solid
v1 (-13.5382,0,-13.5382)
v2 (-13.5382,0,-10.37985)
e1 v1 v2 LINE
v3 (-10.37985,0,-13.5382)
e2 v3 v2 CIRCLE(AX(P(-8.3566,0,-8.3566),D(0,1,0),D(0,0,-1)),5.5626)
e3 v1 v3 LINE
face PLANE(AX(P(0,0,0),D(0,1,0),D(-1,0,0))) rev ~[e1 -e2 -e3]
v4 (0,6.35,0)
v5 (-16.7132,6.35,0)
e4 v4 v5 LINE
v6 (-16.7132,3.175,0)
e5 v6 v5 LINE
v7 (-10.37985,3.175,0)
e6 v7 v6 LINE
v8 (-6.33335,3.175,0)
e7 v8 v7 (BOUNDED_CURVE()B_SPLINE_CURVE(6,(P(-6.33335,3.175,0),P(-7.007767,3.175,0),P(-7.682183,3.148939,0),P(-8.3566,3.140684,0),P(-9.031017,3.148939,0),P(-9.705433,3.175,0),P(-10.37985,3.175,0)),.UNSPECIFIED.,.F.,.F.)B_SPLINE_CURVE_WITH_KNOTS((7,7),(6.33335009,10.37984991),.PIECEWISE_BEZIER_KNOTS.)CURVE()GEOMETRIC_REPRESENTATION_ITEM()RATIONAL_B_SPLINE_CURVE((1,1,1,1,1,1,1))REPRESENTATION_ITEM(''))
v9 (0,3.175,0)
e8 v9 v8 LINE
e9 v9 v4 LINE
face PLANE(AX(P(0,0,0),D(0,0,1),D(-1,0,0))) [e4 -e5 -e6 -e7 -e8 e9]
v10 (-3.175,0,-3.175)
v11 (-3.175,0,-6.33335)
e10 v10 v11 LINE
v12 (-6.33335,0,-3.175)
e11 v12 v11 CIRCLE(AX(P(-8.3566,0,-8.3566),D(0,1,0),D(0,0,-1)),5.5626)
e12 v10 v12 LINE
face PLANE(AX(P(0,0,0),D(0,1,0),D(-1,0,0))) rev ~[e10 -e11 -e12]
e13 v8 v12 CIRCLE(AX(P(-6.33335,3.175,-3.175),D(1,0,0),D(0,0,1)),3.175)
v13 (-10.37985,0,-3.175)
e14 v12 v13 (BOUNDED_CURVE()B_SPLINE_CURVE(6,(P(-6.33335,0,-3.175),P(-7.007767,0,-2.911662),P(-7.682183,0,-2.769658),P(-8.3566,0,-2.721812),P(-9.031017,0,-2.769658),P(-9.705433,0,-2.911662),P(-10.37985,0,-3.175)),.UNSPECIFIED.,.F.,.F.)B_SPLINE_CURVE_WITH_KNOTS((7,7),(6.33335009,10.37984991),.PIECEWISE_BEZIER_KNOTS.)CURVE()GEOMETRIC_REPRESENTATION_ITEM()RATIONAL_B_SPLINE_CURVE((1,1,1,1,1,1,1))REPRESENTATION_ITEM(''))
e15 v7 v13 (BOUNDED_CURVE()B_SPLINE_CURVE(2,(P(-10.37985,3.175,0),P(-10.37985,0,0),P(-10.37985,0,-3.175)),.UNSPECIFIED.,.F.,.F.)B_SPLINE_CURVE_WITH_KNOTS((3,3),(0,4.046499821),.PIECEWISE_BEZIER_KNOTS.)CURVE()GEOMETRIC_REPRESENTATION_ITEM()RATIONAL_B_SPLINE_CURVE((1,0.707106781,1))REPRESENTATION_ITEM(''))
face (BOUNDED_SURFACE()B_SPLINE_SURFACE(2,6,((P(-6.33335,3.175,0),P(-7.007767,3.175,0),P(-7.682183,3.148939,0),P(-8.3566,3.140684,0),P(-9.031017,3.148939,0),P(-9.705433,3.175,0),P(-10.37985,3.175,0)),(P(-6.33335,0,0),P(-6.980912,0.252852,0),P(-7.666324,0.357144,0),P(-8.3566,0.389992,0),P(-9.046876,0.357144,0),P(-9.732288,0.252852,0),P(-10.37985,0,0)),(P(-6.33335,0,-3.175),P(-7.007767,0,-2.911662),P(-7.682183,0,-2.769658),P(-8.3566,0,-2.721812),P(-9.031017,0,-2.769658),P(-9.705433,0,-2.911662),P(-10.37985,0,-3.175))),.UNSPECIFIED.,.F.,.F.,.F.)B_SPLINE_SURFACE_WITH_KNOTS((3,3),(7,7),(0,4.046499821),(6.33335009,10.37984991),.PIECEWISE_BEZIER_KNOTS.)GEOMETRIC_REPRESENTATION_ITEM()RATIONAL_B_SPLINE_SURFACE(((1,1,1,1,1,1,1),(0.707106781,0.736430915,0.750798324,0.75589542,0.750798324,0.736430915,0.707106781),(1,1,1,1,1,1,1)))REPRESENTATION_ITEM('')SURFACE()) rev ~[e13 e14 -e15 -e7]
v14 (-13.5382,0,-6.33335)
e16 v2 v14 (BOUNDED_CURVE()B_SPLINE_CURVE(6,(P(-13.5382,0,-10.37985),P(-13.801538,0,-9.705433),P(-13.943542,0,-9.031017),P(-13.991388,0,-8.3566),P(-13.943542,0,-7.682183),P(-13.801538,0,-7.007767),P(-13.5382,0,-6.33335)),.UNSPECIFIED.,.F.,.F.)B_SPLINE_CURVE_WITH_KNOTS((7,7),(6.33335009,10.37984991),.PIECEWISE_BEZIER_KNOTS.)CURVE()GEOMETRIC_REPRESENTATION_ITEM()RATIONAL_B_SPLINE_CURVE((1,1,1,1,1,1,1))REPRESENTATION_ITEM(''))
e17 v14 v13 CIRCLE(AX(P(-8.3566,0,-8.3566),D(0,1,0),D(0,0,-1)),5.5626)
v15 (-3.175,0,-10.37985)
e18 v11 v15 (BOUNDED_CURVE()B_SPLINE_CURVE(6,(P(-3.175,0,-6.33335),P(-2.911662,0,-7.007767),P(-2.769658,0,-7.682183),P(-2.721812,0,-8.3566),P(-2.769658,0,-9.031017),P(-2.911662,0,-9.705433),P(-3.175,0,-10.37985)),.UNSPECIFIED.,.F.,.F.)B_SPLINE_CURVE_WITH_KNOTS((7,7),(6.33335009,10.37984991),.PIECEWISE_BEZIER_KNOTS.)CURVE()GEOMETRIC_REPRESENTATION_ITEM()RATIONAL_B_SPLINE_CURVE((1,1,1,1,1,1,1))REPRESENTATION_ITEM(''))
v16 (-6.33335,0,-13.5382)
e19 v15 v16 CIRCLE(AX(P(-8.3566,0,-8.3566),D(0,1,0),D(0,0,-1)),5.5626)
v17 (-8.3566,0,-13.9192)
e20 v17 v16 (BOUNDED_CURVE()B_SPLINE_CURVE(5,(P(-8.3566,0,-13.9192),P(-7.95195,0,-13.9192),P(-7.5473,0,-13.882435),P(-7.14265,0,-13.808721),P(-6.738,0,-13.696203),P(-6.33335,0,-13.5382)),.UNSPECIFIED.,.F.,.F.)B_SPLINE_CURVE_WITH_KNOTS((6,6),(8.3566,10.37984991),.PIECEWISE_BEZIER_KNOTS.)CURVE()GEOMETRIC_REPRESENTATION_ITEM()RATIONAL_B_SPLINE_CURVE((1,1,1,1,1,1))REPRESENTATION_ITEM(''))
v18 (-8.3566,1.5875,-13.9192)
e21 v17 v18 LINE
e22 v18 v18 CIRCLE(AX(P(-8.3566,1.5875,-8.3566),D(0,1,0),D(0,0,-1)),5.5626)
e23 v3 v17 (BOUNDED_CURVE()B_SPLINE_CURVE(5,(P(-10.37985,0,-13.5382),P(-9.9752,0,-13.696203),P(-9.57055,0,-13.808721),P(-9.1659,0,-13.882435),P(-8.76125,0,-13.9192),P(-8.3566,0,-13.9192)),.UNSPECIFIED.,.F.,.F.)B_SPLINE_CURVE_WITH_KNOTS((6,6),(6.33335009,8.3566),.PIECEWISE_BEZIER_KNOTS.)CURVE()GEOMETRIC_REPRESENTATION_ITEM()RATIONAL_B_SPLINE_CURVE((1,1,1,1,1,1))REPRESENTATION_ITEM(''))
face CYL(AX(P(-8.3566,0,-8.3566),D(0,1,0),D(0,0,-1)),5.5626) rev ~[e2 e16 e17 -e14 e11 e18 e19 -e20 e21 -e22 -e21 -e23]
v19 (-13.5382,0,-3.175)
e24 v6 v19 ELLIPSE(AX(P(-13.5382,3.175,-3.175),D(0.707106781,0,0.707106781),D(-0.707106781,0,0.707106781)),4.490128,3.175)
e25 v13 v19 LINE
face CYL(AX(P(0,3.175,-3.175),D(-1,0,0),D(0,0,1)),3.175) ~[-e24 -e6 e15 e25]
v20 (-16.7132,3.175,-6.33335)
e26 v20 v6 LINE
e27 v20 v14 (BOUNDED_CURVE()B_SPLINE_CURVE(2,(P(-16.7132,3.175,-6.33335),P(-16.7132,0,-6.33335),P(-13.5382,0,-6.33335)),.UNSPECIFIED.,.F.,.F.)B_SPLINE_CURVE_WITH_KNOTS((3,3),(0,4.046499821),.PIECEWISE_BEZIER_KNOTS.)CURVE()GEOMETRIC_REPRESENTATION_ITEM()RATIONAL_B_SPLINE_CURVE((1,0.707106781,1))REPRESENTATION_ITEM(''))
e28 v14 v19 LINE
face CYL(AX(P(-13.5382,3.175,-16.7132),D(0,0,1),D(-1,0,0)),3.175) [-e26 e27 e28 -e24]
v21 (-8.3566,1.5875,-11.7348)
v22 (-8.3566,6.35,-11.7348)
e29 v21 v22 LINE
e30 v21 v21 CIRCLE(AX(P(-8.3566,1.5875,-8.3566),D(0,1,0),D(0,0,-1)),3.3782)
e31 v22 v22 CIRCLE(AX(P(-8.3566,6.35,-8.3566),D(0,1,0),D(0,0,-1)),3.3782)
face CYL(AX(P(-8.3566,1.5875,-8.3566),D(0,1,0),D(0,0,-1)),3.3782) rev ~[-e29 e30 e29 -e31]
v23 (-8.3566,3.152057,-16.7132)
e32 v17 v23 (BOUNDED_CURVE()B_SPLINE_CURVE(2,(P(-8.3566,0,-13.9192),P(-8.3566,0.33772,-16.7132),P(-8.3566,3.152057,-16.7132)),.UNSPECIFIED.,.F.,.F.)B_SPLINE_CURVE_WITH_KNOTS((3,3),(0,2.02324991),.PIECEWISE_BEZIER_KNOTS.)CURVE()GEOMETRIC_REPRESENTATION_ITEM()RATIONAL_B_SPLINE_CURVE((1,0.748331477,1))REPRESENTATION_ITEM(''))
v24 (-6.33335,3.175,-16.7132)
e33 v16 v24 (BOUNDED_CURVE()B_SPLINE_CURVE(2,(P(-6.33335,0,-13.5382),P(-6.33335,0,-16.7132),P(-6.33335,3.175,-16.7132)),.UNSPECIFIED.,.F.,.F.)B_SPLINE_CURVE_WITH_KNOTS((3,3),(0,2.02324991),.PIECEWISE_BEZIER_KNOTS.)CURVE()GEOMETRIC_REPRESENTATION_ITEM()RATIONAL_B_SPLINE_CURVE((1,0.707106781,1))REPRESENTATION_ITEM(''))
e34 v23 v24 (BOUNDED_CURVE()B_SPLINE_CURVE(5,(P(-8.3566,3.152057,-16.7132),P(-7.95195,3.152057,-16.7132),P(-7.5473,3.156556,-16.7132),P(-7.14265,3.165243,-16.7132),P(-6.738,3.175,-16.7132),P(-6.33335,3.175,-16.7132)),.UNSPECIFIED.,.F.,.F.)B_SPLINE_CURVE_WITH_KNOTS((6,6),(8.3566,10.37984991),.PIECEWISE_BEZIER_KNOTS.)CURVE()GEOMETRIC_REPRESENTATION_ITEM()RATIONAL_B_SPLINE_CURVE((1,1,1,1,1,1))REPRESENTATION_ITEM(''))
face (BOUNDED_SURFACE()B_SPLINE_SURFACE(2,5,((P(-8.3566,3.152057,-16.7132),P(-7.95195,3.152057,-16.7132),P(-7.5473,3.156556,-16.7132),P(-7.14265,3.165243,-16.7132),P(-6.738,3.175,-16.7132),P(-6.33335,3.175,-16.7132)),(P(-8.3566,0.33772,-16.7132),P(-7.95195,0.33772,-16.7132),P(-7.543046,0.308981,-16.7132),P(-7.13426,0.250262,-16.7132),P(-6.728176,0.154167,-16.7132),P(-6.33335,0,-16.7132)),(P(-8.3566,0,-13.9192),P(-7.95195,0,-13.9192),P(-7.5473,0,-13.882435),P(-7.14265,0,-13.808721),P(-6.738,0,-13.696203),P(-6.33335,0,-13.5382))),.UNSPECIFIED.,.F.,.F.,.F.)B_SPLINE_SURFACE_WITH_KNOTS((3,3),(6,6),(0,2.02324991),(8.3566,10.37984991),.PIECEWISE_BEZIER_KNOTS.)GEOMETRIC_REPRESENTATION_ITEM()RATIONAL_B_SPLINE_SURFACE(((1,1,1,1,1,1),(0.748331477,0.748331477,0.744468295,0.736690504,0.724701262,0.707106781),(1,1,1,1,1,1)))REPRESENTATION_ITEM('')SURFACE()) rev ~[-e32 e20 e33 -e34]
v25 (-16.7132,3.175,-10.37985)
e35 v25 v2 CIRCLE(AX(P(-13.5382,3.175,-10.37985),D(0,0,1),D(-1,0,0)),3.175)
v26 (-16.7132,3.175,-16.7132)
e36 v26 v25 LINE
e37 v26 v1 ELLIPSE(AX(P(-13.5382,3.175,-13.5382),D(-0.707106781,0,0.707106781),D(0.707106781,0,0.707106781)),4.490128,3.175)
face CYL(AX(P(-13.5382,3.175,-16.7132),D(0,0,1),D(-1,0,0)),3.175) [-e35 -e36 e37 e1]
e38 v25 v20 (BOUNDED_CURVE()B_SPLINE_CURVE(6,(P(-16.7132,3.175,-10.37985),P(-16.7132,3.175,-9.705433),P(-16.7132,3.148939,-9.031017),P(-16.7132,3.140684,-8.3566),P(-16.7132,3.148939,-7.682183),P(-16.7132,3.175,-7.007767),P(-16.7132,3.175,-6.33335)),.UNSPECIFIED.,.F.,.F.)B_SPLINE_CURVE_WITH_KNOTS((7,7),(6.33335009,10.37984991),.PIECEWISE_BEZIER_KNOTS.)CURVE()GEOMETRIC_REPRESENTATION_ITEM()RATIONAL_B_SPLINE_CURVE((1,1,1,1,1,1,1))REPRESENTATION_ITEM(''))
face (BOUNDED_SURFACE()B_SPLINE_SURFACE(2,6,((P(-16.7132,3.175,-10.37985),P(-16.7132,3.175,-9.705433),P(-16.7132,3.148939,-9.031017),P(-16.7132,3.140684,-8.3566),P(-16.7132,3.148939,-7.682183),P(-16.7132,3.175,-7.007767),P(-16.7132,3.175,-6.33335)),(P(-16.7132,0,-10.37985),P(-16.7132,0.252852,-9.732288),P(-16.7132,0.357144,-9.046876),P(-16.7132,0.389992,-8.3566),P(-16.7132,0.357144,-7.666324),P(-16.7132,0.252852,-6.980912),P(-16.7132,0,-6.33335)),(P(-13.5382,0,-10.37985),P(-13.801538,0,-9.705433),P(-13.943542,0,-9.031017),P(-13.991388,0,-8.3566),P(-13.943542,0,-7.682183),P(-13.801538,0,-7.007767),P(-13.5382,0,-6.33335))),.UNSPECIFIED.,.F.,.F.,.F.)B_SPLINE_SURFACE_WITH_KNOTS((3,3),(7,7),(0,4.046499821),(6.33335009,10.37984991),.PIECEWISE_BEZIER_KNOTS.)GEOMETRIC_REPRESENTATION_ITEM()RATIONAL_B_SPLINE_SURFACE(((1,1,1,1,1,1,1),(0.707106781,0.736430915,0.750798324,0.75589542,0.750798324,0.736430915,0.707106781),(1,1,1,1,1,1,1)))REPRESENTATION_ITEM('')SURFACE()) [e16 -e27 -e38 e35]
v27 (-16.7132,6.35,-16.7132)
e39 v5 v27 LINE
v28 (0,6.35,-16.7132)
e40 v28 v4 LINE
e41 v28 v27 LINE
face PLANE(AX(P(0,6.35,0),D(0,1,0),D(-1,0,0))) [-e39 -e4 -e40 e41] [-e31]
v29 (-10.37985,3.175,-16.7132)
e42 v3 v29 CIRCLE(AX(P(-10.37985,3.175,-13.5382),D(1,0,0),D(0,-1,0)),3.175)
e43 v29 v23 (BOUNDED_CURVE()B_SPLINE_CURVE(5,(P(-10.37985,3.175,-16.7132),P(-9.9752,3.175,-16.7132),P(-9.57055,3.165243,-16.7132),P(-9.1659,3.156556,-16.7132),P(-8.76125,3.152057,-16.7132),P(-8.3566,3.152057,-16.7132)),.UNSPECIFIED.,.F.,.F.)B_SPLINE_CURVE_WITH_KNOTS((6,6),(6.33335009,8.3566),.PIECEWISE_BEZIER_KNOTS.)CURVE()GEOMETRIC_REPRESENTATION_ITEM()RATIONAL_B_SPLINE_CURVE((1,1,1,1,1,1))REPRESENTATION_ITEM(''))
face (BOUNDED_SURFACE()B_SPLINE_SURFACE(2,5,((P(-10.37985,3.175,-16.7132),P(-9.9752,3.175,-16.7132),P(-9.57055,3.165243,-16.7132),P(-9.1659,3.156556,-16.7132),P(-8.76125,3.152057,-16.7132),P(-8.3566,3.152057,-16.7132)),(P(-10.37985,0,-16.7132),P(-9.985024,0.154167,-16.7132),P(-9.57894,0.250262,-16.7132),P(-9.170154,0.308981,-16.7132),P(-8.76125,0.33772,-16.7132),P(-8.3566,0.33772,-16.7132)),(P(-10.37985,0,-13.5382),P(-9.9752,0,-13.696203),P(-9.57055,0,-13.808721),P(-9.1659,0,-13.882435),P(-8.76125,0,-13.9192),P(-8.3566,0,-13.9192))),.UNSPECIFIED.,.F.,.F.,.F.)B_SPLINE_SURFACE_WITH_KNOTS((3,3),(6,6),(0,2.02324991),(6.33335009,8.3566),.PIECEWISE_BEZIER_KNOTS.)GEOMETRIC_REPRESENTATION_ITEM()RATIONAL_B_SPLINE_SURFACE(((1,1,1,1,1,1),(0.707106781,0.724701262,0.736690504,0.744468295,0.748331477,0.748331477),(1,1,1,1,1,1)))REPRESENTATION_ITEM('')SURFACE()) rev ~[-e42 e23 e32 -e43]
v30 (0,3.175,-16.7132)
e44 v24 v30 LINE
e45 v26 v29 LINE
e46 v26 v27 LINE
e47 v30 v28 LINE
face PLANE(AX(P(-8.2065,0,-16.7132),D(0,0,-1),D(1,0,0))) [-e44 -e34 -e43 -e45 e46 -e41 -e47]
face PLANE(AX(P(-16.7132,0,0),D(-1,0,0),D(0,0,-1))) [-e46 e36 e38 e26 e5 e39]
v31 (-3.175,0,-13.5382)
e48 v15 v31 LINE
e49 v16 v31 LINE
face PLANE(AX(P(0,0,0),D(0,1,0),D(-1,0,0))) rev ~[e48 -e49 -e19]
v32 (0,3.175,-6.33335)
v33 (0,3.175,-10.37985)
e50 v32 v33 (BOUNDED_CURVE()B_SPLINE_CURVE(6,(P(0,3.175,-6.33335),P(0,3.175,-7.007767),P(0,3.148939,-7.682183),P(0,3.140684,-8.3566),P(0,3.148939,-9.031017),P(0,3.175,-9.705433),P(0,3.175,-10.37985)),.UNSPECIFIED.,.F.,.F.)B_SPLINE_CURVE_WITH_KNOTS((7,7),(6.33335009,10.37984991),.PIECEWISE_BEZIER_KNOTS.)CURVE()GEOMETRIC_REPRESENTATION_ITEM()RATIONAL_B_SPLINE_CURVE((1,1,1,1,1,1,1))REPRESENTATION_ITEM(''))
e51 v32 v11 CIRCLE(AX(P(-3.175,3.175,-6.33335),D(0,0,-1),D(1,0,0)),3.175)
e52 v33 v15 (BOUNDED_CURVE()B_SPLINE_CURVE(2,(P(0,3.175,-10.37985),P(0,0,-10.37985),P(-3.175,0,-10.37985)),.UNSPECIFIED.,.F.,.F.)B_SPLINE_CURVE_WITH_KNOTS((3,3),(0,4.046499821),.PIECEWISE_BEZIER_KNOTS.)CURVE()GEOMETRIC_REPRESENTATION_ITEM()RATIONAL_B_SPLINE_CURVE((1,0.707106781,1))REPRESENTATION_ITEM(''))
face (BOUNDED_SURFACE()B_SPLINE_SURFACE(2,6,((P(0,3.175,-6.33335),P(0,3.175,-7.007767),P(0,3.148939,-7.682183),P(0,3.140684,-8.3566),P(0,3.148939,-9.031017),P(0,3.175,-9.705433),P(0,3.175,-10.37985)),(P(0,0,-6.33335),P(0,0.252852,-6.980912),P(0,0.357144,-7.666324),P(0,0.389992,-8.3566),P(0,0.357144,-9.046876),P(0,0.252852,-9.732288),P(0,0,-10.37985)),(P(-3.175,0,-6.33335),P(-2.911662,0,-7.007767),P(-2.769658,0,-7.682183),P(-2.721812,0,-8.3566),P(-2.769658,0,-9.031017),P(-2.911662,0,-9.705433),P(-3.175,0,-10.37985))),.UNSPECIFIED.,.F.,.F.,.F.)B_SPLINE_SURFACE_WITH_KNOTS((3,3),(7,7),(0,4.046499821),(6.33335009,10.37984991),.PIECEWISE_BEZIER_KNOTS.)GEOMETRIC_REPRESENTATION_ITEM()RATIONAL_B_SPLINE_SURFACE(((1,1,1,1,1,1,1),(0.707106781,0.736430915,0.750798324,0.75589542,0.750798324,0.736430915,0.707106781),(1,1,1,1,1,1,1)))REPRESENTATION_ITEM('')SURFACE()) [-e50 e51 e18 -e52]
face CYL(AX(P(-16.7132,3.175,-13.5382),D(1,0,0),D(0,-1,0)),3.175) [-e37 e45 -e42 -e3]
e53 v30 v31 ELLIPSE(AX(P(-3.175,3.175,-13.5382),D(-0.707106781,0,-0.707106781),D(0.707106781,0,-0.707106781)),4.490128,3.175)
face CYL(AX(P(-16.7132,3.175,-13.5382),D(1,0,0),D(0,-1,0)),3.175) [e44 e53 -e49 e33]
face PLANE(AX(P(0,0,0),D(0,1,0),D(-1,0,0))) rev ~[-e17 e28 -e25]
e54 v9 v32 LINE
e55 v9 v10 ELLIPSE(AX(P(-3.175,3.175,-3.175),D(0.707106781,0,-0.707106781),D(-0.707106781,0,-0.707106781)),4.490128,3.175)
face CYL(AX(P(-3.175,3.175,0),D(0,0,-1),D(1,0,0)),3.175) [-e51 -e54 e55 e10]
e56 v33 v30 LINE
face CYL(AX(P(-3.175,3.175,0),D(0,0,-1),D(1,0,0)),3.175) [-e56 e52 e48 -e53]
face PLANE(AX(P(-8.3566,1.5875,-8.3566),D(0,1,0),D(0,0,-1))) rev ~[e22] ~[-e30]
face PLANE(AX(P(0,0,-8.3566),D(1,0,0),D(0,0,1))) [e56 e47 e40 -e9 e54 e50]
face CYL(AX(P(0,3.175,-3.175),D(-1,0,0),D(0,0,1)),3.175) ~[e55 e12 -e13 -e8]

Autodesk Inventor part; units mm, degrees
ref_plane "YZ Plane" through (0, 0, 0) normal (1, 0, 0) x (0, 1, 0)
ref_plane "XZ Plane" through (0, 0, 0) normal (0, 1, 0) x (-1, 0, 0)
ref_plane "XY Plane" through (0, 0, 0) normal (0, 0, 1) x (1, 0, 0)
sketch "Sketch1" plane through (0, 0, 0) normal (0, 1, 0) x (-1, 0, 0)
  line L0 (0, 0) -> (16.7132, 0)
  line L1 (16.7132, 0) -> (16.7132, -16.7132)
  line L2 (16.7132, -16.7132) -> (0, -16.7132)
  line L3 (0, -16.7132) -> (0, 0)
  line L4 (16.7132, 0) -> (16.7132, -8.3566)
  line L5 (16.7132, -16.7132) -> (8.2065, -16.7132)
  line L6 (0, 0) -> (0, -8.3566)
  line L7 (0, -8.3566) -> (16.7132, -8.3566)
  line L8 (16.7132, -8.3566) -> (8.3566, -8.3566)
  dimension "d0" = 16.7132
  dimension "d1" = 16.7132
extrude "Extrusion1" add sketch "Sketch1" along normal blind 6.35
hole "Hole1" at (-8.3566, 0, -8.3566) direction (0, 1, 0) diameter 6.7564 end through all counterbore diameter 11.1252 counterbore depth 1.5875 clearance for "Socket Head Cap Screw" size "1/4" standard "Ansi Unified Screw Threads"
fillet "Fillet1" radius 3.175 4 edges at (-8.3566, 0, 0) (-16.7132, 0, -8.3566) (0, 0, -8.3566) (-8.3566, 0, -16.7132)
properties part number "SquareRetainingClip"
